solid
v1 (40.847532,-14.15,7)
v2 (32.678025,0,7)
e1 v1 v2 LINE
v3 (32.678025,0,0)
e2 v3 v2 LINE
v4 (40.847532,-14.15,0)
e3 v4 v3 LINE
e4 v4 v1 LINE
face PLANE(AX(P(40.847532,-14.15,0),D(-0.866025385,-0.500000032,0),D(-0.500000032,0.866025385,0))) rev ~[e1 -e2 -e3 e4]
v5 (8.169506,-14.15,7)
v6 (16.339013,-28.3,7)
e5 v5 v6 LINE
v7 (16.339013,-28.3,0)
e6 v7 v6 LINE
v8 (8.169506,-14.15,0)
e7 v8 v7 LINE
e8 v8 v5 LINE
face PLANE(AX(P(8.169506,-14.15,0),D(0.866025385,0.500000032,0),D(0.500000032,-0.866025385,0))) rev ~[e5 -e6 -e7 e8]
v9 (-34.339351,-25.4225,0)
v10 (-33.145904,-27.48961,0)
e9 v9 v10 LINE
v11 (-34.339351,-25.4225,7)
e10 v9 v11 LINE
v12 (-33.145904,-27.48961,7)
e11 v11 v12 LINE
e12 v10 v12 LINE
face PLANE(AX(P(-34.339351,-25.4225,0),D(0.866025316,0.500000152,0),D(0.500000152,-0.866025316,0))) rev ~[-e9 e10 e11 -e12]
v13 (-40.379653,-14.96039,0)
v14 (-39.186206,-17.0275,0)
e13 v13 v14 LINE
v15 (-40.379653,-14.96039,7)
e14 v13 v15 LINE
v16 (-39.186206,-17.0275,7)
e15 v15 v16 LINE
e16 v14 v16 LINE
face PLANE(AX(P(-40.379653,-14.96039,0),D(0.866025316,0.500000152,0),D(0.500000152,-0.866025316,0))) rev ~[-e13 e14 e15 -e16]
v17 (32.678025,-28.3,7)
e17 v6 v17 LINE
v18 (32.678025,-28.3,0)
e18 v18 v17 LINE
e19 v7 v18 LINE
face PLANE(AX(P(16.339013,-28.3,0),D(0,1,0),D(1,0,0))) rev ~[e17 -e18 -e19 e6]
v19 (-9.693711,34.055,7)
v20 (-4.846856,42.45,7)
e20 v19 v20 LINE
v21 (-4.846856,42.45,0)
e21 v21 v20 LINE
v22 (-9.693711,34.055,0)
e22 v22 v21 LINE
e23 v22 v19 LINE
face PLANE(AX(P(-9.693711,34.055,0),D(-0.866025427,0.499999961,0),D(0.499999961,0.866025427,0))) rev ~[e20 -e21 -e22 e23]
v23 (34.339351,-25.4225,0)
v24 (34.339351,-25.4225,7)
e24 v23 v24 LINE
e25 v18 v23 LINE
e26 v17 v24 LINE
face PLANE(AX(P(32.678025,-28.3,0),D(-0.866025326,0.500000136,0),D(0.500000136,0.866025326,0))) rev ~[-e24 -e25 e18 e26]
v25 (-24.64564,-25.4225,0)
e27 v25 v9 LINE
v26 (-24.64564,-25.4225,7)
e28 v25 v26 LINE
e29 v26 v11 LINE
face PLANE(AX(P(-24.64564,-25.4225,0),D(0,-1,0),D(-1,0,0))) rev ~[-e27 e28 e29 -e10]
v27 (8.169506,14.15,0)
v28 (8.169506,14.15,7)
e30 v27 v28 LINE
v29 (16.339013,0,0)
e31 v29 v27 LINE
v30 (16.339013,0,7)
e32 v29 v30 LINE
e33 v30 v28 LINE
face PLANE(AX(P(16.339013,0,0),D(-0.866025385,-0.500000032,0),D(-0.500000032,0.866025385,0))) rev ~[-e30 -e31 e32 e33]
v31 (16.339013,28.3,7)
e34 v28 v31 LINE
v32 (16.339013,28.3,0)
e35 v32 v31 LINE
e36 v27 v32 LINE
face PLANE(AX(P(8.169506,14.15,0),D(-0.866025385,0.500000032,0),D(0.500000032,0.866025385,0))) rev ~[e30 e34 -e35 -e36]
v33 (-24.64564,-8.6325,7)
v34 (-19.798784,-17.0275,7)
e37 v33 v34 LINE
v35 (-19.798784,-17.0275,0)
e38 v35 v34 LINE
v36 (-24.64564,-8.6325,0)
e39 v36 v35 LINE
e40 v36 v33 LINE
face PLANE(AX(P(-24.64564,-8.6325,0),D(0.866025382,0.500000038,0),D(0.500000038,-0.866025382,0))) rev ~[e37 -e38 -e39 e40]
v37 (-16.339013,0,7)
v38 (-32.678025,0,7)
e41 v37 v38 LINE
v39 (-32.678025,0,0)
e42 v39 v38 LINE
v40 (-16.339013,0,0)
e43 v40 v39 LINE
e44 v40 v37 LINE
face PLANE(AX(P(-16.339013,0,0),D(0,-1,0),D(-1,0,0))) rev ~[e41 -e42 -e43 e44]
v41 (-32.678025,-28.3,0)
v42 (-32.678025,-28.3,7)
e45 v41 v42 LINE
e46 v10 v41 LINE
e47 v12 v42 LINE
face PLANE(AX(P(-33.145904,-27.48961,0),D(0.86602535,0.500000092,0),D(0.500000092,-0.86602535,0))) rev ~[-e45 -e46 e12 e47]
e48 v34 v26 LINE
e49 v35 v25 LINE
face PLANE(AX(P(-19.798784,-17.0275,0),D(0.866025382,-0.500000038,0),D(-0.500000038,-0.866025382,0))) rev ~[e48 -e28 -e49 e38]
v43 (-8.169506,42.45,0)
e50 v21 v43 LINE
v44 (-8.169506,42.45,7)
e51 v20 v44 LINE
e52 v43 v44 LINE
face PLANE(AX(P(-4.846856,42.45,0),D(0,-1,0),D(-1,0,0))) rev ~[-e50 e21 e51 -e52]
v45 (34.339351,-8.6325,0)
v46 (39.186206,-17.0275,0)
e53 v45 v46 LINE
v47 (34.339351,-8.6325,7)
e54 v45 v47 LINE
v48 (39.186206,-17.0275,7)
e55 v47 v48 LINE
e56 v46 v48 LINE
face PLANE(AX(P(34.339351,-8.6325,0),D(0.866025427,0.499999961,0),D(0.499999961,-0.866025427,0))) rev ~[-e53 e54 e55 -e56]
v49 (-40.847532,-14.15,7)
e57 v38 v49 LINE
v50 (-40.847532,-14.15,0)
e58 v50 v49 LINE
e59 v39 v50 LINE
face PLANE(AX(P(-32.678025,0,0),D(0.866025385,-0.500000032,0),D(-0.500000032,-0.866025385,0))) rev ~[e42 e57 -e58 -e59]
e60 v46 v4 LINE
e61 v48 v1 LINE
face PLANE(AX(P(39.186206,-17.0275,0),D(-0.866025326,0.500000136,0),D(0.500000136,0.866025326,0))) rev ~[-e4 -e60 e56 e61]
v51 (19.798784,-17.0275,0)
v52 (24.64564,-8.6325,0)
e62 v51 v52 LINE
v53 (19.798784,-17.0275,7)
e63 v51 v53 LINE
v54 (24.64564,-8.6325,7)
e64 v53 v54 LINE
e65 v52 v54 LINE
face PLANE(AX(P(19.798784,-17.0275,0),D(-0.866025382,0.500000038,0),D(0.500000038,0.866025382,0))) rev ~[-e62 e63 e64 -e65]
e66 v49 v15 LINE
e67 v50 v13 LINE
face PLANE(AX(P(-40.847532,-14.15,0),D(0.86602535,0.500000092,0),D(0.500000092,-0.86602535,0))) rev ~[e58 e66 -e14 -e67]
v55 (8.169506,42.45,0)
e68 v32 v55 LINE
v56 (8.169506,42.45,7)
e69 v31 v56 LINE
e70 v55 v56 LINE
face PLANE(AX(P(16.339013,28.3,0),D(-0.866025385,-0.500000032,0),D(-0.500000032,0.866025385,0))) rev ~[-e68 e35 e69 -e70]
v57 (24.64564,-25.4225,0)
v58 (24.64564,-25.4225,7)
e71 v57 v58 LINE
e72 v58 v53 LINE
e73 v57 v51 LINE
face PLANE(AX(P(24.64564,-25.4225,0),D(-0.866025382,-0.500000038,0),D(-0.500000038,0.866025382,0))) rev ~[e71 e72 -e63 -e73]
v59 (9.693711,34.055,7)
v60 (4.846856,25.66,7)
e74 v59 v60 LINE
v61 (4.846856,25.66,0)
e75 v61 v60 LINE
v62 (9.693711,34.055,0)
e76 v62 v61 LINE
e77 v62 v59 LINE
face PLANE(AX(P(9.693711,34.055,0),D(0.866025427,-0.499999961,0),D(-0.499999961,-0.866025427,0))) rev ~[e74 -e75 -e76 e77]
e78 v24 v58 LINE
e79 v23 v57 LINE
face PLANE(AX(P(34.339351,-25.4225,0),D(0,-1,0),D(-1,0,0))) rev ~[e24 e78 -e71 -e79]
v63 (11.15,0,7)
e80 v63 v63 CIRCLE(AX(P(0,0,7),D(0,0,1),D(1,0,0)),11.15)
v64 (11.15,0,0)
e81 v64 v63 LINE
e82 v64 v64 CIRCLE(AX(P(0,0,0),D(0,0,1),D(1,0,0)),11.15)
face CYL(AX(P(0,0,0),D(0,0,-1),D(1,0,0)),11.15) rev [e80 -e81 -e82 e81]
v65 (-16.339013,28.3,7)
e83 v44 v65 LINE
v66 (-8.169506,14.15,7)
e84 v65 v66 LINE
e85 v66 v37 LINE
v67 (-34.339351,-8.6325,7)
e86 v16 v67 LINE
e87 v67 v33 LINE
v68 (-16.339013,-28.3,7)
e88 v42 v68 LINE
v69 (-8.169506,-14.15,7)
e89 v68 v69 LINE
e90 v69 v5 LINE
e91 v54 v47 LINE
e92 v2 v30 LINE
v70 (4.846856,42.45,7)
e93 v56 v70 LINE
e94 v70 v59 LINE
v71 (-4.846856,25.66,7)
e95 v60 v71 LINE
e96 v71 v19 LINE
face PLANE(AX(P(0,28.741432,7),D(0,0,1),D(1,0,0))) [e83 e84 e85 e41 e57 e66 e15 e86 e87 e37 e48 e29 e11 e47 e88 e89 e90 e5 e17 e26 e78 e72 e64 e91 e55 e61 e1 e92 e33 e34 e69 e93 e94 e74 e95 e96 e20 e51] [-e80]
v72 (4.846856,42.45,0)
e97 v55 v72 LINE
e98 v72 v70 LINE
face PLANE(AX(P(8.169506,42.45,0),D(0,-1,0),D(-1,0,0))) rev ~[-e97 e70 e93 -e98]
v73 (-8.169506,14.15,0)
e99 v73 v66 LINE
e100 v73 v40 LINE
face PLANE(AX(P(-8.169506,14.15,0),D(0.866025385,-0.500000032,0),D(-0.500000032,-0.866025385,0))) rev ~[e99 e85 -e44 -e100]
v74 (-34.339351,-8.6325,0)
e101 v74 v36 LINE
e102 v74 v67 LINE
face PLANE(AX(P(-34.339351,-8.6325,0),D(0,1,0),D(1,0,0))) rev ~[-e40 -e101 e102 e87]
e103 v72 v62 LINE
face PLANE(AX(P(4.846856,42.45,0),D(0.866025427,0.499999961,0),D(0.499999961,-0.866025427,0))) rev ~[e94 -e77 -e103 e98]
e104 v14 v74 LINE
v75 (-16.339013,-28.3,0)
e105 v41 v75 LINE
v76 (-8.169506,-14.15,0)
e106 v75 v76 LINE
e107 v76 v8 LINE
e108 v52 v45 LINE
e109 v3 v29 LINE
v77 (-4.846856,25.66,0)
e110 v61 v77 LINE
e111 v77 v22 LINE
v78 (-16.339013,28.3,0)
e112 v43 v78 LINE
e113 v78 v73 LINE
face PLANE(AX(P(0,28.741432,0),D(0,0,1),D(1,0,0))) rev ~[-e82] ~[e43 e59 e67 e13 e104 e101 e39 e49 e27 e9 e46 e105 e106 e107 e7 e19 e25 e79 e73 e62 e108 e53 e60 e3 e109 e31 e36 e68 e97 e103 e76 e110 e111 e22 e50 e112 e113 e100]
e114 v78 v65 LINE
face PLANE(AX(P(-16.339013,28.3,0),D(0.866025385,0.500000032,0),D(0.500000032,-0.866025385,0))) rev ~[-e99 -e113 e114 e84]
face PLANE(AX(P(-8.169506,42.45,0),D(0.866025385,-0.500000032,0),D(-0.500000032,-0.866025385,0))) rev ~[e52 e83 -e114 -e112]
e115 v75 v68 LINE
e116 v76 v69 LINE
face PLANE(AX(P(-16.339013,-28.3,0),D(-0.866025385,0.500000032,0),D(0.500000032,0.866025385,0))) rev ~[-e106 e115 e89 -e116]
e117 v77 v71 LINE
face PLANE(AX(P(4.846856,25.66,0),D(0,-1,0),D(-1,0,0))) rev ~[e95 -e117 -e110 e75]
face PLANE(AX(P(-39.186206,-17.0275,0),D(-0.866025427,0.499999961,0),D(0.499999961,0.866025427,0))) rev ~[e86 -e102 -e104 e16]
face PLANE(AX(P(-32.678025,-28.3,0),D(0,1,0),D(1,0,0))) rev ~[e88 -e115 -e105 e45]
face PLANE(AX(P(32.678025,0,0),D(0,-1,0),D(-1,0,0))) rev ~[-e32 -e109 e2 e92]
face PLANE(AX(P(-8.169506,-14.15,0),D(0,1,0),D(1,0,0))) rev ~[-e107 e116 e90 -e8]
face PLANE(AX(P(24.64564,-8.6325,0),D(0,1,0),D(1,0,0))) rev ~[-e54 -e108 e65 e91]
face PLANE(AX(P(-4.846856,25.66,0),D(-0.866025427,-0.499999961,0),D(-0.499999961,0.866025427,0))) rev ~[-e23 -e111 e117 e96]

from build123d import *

# Parameters (mm, degrees)
F0_R     = 11.15
F1_DEPTH = 7


with BuildPart() as f1:
    # F0 (on Top) → F1 (new body)
    with BuildSketch(Plane.XY):
        Polygon((-16.339013, 28.3), (-8.169506, 14.15), (8.169506, 14.15), (16.339013, 28.3), (8.169506, 42.45), (4.846856, 42.45), (9.693711, 34.055), (4.846856, 25.66), (-4.846856, 25.66), (-9.693711, 34.055), (-4.846856, 42.45), (-8.169506, 42.45), align=None)
        Polygon((8.169506, 14.15), (-8.169506, 14.15), (-16.339013, 0), (-8.169506, -14.15), (8.169506, -14.15), (16.339013, 0), align=None)
        Circle(F0_R, mode=Mode.SUBTRACT)
        Polygon((-8.169506, -14.15), (-16.339013, 0), (-32.678025, 0), (-40.847532, -14.15), (-40.379653, -14.96039), (-39.186206, -17.0275), (-34.339351, -8.6325), (-24.64564, -8.6325), (-19.798784, -17.0275), (-24.64564, -25.4225), (-34.339351, -25.4225), (-33.145904, -27.48961), (-32.678025, -28.3), (-16.339013, -28.3), align=None)
        Polygon((32.678025, 0), (16.339013, 0), (8.169506, -14.15), (16.339013, -28.3), (32.678025, -28.3), (34.339351, -25.4225), (24.64564, -25.4225), (19.798784, -17.0275), (24.64564, -8.6325), (34.339351, -8.6325), (39.186206, -17.0275), (40.847532, -14.15), align=None)
    extrude(amount=F1_DEPTH)


solid = f1.part
